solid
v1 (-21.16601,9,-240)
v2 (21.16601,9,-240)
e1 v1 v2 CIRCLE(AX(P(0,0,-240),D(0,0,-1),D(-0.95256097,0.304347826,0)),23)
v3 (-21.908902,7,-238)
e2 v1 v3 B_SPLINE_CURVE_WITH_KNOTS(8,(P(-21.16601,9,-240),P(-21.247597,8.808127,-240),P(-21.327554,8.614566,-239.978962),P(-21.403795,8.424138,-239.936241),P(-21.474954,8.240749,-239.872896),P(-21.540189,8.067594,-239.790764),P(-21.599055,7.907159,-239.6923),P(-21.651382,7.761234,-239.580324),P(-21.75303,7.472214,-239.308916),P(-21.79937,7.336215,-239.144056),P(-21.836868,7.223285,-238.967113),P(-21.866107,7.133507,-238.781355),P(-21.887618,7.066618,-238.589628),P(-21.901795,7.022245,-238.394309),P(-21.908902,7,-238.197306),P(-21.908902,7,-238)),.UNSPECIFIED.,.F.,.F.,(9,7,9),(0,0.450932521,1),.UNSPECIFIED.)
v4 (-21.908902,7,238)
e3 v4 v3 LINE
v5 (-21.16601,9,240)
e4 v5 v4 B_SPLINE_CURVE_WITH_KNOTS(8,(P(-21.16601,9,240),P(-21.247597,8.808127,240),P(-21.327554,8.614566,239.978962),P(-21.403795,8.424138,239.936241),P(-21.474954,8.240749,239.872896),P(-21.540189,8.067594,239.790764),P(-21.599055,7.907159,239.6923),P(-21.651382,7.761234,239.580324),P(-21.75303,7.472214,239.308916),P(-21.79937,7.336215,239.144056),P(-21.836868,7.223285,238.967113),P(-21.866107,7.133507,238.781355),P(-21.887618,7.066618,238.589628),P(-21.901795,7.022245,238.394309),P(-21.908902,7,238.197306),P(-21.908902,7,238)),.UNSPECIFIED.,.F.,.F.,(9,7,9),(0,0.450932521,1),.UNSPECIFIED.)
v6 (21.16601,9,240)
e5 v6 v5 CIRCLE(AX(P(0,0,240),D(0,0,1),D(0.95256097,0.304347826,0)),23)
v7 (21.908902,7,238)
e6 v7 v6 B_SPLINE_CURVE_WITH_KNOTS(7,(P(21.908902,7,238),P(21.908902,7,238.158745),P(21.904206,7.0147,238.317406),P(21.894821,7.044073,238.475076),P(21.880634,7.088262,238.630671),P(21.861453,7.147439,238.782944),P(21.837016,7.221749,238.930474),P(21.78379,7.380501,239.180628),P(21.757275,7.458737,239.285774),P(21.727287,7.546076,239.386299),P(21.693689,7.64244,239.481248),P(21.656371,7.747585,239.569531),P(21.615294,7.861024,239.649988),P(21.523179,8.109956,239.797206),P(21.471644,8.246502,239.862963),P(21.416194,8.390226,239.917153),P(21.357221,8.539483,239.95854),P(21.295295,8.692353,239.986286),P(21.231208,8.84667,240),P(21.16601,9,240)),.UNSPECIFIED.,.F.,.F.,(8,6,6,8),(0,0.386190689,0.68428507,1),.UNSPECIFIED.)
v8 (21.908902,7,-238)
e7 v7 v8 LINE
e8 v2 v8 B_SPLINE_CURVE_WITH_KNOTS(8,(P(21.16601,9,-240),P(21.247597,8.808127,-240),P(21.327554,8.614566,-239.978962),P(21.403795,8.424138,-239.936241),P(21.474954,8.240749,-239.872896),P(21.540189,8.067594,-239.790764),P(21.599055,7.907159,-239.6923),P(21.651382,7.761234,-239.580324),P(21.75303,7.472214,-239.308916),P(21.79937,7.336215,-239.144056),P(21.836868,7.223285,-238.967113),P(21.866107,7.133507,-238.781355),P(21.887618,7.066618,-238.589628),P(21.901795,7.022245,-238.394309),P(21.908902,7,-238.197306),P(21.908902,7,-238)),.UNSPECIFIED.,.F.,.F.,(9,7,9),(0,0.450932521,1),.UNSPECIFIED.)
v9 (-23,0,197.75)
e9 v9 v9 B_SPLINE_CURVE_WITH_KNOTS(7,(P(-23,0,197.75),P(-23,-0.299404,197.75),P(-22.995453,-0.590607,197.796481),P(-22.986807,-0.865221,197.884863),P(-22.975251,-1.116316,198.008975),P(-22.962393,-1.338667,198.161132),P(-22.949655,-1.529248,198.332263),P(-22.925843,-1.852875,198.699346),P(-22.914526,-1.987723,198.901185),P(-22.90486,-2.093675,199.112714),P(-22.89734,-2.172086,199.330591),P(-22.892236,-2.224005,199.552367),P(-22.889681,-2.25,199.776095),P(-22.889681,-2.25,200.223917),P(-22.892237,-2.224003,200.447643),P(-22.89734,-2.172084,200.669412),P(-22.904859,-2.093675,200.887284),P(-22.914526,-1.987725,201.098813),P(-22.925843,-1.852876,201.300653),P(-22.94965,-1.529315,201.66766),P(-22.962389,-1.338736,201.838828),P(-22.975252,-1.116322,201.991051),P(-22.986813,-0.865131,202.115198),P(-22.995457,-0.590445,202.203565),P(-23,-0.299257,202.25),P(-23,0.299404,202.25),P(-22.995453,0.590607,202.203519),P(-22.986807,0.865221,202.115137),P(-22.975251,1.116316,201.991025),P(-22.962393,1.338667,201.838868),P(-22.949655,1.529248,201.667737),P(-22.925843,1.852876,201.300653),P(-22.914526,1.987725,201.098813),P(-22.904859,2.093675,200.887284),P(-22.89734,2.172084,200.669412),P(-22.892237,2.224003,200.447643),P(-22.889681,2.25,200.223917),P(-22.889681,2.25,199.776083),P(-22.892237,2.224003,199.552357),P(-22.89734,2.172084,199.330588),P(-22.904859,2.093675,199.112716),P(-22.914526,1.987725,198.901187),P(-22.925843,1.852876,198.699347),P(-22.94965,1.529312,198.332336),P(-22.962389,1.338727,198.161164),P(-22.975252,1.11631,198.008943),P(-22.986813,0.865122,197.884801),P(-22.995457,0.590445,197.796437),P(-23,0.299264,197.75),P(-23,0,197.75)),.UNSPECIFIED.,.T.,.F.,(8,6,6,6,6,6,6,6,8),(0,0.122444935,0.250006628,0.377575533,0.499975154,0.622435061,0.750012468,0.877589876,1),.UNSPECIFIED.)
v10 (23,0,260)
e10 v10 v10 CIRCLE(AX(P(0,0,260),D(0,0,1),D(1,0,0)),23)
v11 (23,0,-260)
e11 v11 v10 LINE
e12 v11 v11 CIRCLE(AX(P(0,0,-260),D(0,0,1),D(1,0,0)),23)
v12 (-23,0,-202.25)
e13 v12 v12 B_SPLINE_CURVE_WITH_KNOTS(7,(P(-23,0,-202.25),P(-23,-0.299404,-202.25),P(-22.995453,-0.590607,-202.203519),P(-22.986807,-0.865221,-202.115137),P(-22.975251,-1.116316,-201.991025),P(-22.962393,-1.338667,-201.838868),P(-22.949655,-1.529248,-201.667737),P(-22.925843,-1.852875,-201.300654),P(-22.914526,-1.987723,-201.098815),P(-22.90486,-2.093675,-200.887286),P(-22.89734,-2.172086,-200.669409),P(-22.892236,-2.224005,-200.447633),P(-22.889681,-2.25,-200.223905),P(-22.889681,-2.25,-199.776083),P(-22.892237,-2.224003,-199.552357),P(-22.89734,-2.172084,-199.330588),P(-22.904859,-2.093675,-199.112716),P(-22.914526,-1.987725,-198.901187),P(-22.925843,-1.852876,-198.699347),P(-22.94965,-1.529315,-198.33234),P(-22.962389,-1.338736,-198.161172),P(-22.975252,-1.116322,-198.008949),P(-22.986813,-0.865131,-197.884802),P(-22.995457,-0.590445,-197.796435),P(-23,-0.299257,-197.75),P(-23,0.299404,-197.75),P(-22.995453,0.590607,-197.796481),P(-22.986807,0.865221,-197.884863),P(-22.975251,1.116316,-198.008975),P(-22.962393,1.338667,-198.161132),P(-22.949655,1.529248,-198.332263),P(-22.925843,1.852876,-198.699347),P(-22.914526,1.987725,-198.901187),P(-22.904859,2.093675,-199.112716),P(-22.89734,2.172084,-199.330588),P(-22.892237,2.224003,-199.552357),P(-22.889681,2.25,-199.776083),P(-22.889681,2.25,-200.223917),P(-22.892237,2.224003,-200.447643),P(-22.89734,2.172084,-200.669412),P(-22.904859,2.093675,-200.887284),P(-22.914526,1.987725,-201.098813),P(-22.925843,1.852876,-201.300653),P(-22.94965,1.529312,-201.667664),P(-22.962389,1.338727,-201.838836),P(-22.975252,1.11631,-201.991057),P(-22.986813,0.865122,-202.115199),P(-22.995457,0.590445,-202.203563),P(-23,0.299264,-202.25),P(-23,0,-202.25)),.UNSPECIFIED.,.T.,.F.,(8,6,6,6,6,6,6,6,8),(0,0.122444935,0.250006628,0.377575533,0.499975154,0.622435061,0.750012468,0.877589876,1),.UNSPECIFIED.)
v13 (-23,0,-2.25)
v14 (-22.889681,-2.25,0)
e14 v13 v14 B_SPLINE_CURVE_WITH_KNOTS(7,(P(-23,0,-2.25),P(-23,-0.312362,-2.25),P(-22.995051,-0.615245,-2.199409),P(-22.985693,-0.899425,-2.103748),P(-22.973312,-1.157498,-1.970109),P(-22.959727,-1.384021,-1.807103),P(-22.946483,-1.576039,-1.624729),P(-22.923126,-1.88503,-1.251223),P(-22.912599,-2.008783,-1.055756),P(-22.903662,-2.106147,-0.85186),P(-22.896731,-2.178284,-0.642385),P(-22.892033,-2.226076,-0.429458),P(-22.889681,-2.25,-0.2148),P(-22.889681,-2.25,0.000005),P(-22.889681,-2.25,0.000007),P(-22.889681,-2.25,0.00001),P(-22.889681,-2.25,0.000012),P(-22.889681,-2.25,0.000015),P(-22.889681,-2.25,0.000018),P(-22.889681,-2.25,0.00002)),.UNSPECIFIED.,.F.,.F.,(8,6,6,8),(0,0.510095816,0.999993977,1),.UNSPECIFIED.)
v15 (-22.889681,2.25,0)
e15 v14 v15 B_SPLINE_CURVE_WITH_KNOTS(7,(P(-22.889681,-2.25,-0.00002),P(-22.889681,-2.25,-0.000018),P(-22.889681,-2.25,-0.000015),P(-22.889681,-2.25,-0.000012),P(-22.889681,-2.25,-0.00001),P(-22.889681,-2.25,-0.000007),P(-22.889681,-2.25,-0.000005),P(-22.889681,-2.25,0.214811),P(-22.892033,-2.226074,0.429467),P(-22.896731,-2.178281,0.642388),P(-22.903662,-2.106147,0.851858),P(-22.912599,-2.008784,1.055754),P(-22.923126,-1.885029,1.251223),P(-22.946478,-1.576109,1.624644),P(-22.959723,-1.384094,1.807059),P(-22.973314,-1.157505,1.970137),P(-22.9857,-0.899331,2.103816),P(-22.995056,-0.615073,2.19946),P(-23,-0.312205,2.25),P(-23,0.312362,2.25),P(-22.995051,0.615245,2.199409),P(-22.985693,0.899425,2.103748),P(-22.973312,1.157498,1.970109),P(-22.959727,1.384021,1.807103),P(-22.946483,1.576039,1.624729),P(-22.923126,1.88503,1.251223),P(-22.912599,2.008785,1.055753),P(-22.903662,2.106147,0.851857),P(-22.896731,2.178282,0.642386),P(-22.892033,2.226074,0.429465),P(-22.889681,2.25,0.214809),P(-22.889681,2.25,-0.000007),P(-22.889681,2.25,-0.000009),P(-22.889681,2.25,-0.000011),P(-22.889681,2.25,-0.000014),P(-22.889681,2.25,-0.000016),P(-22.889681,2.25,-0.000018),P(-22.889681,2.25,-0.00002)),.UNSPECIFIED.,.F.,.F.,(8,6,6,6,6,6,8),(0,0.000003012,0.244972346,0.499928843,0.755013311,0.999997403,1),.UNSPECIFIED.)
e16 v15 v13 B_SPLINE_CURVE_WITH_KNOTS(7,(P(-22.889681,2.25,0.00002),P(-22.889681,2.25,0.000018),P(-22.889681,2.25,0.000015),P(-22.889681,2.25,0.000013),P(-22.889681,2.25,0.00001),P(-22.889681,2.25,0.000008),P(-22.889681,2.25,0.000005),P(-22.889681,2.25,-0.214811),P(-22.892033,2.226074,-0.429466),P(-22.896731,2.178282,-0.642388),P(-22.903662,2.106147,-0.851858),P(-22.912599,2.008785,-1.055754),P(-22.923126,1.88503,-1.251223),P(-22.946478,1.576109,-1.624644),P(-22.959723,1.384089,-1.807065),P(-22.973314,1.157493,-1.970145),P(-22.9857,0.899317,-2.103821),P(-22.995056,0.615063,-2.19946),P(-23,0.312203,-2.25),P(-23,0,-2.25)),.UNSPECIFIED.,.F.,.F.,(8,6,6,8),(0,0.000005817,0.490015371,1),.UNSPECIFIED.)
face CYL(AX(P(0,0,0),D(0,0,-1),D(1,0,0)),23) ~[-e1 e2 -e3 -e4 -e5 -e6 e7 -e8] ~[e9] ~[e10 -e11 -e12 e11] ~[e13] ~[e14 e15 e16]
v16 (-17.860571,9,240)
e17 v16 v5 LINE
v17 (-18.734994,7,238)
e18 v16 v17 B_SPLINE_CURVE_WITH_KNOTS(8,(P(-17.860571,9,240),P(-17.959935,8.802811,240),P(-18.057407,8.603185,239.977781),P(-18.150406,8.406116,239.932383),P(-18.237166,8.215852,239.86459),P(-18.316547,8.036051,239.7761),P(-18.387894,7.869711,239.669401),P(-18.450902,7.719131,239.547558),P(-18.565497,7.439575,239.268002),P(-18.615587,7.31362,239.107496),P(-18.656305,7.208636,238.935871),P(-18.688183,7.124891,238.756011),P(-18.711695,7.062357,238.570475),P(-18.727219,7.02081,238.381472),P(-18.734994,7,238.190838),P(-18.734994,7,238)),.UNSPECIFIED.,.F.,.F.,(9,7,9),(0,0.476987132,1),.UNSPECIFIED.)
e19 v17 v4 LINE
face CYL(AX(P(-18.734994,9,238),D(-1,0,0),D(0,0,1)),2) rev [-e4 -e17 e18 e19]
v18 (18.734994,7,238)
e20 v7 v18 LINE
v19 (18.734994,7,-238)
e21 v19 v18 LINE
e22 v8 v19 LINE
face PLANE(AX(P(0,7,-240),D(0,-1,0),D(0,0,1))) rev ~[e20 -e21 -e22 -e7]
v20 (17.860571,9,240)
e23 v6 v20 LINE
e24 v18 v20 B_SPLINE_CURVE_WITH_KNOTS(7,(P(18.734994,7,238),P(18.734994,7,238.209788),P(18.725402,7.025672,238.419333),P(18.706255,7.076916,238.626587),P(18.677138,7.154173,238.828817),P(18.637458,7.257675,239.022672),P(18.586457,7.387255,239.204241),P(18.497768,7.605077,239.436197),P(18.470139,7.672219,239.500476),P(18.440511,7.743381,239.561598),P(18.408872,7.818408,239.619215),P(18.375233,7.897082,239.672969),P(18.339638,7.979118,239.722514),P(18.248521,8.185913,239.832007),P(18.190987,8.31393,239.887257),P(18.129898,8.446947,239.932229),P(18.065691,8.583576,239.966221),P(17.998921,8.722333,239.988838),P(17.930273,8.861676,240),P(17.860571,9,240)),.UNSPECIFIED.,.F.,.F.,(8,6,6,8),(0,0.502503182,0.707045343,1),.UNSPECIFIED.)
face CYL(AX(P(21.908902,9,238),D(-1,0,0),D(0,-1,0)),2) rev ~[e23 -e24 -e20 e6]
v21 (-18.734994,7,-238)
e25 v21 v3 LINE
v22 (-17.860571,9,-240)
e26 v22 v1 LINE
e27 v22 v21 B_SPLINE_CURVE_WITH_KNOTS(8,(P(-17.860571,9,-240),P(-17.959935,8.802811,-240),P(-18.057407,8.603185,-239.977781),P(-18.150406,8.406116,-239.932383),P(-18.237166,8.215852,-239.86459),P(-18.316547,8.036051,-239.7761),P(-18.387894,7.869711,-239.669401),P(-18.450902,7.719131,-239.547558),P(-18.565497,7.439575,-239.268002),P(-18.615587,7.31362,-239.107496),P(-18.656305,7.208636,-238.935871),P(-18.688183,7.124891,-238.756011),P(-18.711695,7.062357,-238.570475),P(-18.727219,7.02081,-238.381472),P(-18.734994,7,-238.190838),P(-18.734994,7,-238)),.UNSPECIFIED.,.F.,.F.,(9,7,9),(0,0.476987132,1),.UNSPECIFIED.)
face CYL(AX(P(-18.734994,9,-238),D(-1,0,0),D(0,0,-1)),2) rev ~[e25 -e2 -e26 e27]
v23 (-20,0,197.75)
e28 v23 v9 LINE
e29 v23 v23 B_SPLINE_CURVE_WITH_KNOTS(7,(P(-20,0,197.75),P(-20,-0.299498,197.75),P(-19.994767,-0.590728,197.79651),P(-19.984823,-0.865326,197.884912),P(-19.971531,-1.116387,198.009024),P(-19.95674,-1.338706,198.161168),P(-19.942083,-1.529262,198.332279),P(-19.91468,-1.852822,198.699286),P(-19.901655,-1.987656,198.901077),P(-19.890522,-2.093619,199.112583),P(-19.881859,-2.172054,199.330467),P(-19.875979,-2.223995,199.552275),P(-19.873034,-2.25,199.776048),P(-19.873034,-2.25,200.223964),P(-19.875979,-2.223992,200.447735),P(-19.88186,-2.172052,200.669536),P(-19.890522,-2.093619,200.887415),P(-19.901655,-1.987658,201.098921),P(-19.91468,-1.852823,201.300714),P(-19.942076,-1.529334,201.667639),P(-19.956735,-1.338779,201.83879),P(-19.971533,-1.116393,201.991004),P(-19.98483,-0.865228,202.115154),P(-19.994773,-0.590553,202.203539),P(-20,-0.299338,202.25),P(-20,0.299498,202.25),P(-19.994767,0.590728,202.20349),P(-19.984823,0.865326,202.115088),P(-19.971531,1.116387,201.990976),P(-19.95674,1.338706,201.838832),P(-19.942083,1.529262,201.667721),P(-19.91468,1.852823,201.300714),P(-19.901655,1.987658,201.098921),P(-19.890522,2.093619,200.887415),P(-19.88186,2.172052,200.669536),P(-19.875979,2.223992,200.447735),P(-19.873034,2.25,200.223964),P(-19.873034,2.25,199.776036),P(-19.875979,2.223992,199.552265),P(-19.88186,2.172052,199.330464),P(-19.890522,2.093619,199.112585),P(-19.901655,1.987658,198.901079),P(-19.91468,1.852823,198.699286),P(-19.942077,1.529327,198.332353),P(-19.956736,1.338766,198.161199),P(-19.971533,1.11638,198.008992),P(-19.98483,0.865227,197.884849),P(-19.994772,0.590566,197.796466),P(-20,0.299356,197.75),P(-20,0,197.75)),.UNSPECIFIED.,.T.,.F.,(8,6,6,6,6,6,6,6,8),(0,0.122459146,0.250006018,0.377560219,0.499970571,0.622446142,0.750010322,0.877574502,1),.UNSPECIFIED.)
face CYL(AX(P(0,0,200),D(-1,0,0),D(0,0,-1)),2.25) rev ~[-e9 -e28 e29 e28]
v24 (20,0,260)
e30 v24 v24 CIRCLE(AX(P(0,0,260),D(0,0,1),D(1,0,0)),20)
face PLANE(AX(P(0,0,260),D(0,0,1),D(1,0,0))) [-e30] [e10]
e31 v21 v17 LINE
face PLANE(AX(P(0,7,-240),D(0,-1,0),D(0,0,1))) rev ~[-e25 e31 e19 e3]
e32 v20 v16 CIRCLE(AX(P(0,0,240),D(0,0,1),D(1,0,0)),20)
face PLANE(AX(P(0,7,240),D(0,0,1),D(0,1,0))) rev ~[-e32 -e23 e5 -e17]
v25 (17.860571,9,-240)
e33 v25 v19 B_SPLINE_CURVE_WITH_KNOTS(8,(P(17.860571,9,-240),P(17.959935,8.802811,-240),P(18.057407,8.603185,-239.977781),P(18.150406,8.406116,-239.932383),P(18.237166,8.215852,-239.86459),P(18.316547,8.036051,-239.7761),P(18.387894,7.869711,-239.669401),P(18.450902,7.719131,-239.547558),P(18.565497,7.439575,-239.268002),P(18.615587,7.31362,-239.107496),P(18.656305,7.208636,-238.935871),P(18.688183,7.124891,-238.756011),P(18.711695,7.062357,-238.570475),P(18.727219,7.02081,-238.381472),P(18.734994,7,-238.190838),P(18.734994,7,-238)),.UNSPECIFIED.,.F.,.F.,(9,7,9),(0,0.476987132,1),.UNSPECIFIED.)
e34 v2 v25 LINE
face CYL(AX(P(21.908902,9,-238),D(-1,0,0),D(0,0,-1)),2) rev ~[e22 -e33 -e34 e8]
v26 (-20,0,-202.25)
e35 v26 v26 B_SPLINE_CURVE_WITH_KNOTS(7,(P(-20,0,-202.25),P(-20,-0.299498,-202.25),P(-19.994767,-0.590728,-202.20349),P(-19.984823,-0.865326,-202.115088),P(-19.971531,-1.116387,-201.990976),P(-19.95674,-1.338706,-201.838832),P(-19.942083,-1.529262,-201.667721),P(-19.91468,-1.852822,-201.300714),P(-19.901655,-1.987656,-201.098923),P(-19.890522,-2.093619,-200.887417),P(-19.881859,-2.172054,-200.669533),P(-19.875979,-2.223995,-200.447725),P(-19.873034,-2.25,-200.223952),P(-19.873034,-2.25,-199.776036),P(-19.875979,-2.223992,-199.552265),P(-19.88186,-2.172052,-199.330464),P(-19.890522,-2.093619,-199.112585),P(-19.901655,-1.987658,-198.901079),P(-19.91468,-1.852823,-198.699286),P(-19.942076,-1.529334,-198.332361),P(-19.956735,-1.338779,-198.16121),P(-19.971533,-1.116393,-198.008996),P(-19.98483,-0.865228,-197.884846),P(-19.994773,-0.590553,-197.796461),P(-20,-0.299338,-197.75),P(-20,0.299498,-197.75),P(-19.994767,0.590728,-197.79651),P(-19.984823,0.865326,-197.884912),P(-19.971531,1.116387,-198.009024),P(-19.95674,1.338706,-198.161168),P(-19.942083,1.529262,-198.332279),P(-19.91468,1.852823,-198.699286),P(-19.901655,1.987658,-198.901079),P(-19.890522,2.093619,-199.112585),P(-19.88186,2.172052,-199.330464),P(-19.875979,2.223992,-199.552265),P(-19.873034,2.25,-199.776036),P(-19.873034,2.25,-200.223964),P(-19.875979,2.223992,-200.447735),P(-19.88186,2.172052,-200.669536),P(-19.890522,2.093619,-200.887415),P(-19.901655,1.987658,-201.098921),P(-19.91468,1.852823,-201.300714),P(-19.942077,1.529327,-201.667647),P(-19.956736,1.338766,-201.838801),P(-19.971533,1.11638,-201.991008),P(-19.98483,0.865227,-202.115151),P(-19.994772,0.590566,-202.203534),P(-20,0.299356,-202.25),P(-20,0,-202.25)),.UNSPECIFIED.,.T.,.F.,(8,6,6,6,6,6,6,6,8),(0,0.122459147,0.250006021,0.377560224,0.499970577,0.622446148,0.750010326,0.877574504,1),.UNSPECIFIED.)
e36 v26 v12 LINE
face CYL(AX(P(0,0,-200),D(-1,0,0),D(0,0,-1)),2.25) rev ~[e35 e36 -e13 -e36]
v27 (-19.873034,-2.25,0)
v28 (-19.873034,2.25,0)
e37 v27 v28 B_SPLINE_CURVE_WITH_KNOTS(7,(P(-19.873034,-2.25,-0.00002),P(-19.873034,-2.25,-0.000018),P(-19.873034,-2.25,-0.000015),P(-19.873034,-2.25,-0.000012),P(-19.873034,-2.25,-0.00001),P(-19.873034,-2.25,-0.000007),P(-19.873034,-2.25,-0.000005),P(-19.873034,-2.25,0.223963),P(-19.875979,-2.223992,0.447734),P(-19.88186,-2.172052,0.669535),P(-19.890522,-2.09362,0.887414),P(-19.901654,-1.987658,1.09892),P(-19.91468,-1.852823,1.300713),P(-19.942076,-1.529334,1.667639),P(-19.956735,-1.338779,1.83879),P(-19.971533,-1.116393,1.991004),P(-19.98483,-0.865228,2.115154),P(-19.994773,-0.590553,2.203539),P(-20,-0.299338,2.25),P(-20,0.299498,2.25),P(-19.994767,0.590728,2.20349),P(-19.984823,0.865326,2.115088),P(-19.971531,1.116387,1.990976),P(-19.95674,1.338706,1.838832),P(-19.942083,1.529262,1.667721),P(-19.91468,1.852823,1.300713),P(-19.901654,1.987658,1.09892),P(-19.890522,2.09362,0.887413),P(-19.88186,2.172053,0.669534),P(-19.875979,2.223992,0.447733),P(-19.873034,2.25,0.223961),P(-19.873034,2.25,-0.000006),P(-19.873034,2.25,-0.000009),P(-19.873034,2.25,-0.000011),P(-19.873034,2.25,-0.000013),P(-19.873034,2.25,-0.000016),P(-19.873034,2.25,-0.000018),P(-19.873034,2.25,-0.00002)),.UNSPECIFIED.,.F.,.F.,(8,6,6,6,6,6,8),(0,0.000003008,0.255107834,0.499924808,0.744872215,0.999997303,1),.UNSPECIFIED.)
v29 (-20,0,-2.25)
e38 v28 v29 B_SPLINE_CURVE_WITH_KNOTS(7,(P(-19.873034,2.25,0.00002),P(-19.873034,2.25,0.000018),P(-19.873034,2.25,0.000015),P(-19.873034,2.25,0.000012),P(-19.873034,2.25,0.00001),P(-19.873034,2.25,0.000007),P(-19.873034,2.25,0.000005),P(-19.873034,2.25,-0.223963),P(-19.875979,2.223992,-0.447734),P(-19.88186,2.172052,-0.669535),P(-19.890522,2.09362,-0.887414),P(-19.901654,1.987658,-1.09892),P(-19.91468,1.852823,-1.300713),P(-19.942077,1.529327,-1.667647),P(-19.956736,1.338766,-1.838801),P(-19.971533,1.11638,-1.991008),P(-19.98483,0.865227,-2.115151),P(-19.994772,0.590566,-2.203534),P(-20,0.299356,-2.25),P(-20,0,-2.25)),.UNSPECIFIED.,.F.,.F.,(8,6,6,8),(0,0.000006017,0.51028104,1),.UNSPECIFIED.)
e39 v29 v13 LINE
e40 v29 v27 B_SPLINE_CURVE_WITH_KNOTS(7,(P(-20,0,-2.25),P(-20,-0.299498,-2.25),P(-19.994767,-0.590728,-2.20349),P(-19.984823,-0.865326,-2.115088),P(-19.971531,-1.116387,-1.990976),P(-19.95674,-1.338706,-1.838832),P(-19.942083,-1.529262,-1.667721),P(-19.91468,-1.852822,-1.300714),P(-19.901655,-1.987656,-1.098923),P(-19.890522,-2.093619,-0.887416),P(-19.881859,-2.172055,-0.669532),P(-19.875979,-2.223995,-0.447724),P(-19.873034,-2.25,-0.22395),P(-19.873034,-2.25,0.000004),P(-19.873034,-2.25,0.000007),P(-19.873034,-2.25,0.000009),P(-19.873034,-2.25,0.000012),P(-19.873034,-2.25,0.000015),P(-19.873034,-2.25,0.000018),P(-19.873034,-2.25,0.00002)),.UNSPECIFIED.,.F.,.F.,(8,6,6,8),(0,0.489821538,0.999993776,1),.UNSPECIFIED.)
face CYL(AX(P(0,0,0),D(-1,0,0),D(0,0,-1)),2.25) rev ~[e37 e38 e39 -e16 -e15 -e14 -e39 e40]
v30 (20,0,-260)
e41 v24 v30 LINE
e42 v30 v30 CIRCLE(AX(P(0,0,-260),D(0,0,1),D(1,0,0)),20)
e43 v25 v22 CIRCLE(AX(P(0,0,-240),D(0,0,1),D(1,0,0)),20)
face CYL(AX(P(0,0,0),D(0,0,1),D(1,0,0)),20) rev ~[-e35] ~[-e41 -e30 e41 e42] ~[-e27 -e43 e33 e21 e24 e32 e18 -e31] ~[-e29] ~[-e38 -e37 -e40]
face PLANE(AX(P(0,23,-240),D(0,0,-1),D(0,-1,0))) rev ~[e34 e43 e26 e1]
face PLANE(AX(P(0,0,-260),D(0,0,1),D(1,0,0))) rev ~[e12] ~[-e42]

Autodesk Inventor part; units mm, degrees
ref_plane "YZ Plane" through (0, 0, 0) normal (1, 0, 0) x (0, 1, 0)
ref_plane "XZ Plane" through (0, 0, 0) normal (0, 1, 0) x (-1, 0, 0)
ref_plane "XY Plane" through (0, 0, 0) normal (0, 0, 1) x (1, 0, 0)
sketch "Sketch1" plane through (0, 0, 0) normal (0, 0, 1) x (1, 0, 0)
  circle A0 centre (0, 0) radius 20
  circle A1 centre (0, 0) radius 23
  dimension "d0" = 40
  dimension "d1" = 46
extrude "Extrusion1" add sketch "Sketch1" along normal mid plane 520
sketch "Sketch2" plane through (0, 0, 0) normal (1, 0, 0) x (0, 1, 0)
  line L0 (0, 280) -> (0, -280) projected
  line L1 (-280, 0) -> (280, 0) projected
  point P0 (0, 0)
  point P1 (0, 200)
  point P2 (0, 0)
  point P3 (0, -200)
  dimension "d4" = 200
  dimension "d5" = 200
hole "Hole1" at (0, 0, 200) at (0, 0, 0) at (0, 0, -200) direction (-1, 0, 0) diameter 4.5 end through all clearance for "Flat Head Machine Screw" size "M4" standard "Ansi Metric M Profile"
sketch "Sketch3" plane through (0, 0, 0) normal (1, 0, 0) x (0, 1, 0)
  line L0 (23, -240) -> (7, -240)
  line L1 (7, -240) -> (7, 240)
  line L2 (7, 240) -> (23, 240)
  line L3 (23, 240) -> (23, -240)
  line L4 (23, 260) -> (-23, 260) projected
  line L5 (-23, -260) -> (23, -260) projected
  line L6 (0, 350) -> (0, -350) projected
  point P0 (0, 0)
  dimension "d13" = 20
  dimension "d14" = 20
  dimension "d15" = 7
extrude "Extrusion2" cut sketch "Sketch3" along normal through all both and the other way through all
fillet "Fillet1" radius 2 4 edges at (20.3219, 7, -240) (-20.3219, 7, -240) (20.3219, 7, 240) (-20.3219, 7, 240)
equation "\"d5\" = d4"
properties part number "Pancake_Tilt Pipe" material "PVC-Piping"
